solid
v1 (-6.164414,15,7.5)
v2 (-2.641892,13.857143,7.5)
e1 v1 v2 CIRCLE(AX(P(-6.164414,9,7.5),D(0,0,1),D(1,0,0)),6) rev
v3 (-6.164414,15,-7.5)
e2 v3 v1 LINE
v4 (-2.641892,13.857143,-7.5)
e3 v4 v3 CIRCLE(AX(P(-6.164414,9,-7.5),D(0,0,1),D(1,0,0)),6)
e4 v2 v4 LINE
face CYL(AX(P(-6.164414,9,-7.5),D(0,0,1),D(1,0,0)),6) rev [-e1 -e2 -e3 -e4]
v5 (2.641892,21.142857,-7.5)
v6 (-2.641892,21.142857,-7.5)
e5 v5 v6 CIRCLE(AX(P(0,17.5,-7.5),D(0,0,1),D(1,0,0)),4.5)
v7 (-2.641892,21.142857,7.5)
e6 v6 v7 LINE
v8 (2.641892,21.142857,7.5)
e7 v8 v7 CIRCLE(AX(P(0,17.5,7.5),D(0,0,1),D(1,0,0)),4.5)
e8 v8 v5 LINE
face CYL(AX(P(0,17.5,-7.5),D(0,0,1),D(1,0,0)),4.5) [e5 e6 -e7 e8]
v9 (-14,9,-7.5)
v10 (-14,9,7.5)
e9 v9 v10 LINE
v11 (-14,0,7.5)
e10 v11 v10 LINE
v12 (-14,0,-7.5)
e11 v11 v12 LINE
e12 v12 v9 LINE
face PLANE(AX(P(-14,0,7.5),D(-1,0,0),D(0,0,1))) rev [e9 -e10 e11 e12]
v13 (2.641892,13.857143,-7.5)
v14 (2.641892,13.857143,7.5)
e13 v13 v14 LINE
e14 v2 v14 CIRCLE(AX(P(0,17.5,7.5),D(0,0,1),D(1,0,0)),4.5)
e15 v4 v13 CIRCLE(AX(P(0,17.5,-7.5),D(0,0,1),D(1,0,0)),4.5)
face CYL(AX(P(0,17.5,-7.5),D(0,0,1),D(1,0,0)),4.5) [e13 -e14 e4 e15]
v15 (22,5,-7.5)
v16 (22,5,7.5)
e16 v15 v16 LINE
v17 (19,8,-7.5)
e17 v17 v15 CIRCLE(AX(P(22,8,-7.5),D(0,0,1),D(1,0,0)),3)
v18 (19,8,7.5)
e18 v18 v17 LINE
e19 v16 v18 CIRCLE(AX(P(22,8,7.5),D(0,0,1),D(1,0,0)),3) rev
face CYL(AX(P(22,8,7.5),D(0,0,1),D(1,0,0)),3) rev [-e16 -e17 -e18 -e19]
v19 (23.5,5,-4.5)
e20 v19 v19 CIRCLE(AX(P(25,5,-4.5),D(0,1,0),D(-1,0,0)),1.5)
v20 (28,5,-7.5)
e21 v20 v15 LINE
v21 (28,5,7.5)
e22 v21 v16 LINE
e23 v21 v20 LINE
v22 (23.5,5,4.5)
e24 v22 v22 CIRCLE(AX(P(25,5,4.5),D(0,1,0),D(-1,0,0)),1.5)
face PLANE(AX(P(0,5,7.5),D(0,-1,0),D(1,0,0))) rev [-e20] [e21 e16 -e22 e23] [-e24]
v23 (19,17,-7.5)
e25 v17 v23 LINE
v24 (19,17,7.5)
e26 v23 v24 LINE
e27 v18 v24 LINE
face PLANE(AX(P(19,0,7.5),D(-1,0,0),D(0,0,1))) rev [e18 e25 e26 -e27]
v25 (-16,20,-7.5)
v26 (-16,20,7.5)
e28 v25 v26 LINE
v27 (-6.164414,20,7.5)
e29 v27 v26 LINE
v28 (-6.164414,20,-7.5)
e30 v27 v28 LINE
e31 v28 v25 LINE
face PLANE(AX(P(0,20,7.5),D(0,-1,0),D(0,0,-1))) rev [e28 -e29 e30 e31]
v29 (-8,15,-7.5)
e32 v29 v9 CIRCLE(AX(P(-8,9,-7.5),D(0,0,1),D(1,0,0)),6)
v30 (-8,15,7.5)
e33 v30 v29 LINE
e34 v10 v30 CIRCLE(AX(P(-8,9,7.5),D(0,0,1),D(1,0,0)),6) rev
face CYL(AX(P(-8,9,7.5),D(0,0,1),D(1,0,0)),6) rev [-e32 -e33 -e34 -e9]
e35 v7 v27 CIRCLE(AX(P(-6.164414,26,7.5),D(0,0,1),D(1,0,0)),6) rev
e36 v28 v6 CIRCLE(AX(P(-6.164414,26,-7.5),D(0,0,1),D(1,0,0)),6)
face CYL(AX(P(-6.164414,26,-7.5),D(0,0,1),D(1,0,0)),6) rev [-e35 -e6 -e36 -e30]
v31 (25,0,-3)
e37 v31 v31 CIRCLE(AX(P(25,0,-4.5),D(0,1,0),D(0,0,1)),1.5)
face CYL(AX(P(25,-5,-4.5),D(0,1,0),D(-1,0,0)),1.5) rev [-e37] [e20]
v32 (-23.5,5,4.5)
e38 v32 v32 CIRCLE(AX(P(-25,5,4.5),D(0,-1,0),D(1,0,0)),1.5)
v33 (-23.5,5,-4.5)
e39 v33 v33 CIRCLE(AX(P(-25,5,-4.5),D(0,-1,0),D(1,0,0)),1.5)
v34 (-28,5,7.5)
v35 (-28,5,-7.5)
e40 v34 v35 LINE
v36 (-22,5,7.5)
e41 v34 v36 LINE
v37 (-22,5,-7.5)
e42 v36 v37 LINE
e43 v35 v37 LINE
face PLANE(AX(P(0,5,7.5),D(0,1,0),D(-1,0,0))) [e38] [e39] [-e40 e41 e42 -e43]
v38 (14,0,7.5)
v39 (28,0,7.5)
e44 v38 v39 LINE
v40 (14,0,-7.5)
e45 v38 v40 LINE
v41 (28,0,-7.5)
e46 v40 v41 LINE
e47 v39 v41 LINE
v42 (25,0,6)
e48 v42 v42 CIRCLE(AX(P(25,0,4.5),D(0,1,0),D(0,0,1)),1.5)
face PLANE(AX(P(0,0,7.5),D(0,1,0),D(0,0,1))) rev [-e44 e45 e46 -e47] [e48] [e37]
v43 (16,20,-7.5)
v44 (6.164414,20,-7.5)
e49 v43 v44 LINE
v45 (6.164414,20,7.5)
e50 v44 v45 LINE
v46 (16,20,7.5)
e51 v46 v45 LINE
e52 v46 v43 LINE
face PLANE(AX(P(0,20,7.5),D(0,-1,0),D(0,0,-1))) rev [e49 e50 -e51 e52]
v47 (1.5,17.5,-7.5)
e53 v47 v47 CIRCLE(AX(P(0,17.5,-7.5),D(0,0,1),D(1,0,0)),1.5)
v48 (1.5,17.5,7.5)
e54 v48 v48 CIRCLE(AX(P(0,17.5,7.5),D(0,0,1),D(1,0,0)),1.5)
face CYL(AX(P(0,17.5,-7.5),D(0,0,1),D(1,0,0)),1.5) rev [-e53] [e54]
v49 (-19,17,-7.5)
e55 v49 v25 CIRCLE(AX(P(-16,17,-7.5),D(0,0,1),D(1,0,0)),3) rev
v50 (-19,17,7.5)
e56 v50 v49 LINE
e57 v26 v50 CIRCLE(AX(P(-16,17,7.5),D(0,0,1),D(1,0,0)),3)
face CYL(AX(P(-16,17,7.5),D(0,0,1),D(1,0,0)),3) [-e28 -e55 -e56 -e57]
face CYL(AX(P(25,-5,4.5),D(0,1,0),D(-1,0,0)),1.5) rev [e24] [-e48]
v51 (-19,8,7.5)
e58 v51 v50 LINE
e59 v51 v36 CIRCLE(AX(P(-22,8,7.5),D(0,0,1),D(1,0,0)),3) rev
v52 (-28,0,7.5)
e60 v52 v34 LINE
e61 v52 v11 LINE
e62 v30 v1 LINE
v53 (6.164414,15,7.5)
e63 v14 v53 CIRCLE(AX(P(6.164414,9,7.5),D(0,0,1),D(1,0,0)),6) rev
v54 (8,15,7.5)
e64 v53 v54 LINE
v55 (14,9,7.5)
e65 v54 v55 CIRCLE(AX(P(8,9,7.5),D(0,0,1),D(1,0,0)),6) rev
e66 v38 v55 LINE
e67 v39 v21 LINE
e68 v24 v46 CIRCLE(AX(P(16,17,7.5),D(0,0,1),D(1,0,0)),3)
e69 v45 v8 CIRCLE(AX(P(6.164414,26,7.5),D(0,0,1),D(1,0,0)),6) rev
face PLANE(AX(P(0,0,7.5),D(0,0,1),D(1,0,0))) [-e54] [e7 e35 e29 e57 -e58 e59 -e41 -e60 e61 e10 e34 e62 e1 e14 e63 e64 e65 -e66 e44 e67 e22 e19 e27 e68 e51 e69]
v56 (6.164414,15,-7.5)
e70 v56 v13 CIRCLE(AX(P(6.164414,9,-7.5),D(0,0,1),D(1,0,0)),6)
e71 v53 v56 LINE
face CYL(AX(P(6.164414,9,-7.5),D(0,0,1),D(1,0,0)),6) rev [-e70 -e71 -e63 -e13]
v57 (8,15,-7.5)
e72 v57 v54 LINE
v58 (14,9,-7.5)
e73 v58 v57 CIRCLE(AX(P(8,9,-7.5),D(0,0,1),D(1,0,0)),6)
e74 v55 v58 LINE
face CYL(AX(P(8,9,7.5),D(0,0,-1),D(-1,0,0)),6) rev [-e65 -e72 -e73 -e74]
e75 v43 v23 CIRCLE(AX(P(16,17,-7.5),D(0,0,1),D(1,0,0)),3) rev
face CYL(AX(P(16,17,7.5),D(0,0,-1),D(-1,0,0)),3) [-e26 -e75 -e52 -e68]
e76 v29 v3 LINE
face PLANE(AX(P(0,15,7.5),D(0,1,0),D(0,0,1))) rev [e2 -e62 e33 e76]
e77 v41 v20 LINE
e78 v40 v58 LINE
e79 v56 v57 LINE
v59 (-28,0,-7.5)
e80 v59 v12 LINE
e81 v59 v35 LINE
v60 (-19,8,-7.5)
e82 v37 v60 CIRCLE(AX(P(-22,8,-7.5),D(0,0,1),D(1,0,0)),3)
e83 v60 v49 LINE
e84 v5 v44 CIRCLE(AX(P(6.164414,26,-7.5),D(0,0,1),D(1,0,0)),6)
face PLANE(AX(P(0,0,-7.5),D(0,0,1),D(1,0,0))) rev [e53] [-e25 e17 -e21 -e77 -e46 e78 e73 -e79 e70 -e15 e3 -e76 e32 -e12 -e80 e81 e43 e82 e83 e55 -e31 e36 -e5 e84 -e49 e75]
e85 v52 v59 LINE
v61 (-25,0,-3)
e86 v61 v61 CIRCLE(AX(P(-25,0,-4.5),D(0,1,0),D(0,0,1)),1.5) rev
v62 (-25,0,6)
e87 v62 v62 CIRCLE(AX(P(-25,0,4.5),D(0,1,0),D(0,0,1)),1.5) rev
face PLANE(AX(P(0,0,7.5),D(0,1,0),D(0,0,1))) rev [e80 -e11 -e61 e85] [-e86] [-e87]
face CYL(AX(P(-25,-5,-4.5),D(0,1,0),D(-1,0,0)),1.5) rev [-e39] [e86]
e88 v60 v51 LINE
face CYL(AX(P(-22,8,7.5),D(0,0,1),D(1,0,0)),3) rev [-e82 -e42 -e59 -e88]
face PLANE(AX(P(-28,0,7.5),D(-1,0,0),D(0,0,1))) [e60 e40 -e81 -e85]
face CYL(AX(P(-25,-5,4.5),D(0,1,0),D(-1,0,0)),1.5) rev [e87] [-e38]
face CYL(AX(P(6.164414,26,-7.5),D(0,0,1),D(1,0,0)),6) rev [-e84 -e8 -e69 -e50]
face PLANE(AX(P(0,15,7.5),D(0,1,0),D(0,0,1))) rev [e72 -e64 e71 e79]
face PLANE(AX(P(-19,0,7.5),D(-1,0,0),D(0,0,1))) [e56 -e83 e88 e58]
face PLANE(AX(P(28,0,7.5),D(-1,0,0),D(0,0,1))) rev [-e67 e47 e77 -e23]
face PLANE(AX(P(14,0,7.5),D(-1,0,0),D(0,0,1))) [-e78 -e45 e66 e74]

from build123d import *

# Parameters (mm, degrees)
EXTRUDE_1_DEPTH     = 7.5
FILLET_1_R          = 3
FILLET_3_R          = 6
SKETCH_2_R          = 1.5
CUT_EXTRUDE_1_DEPTH = 10
SKETCH_5_R          = 4.5
EXTRUDE_2_DEPTH     = 15
SKETCH_4_R          = 1.5
CUT_EXTRUDE_3_DEPTH = 39.639358173
FILLET_2_R          = 6


with BuildPart() as part:
    # 草图1 → 凸台-拉伸1 (new, symmetric)
    with BuildSketch(Plane.XY):
        Polygon((-28, 5), (-28, 0), (-14, 0), (-14, 15), (0, 15), (0, 20), (-19, 20), (-19, 5), align=None)
        Polygon((0, 20), (0, 15), (14, 15), (14, 0), (28, 0), (28, 5), (19, 5), (19, 20), align=None)
    extrude(amount=EXTRUDE_1_DEPTH, both=True)

    # 圆角1
    fillet_1_edges = [part.edges().sort_by_distance(p)[0] for p in [
        (-19, 5, 0),
        (-19, 20, 0),
        (19, 20, 0),
        (19, 5, 0),
    ]]
    fillet(fillet_1_edges, radius=FILLET_1_R)

    # 圆角3
    fillet_3_edges = [part.edges().sort_by_distance(p)[0] for p in [
        (-14, 15, 0),
        (14, 15, 0),
    ]]
    fillet(fillet_3_edges, radius=FILLET_3_R)

    # 草图2 → 切除-拉伸1 (cut)
    with BuildSketch(Plane(origin=(0, 5, 0), x_dir=(1, 0, 0), z_dir=(0, 1, 0))):
        with Locations(Location((25, -4.5, 0), (0, 0, 180))):
            Circle(SKETCH_2_R)
        with Locations(Location((25, 4.5, 0), (0, 0, 180))):
            Circle(SKETCH_2_R)
    cut_extrude_1 = extrude(amount=-CUT_EXTRUDE_1_DEPTH, mode=Mode.SUBTRACT)

    # 草图5 → 凸台-拉伸2 (add)
    with BuildSketch(Plane.XY.offset(7.5)):
        with Locations((0, 17.5)):
            Circle(SKETCH_5_R)
    extrude(amount=-EXTRUDE_2_DEPTH)

    # 草图4 → 切除-拉伸3 (cut, through all)
    with BuildSketch(Plane.XY.offset(7.5)):
        with Locations((0, 17.5)):
            Circle(SKETCH_4_R)
    extrude(amount=-CUT_EXTRUDE_3_DEPTH, mode=Mode.SUBTRACT)

    # 镜向2: 切除-拉伸1 across plane
    add(cut_extrude_1.mirror(Plane(origin=(0, 0, 0), x_dir=(0, 0, 1), z_dir=(1, 0, 0))), mode=Mode.SUBTRACT)

    # 圆角2
    fillet_2_edges = [part.edges().sort_by_distance(p)[0] for p in [
        (-3.741657387, 15, 0),
        (-3.741657387, 20, 0),
        (3.741657387, 15, 0),
        (3.741657387, 20, 0),
    ]]
    fillet(fillet_2_edges, radius=FILLET_2_R)


solid = part.part
